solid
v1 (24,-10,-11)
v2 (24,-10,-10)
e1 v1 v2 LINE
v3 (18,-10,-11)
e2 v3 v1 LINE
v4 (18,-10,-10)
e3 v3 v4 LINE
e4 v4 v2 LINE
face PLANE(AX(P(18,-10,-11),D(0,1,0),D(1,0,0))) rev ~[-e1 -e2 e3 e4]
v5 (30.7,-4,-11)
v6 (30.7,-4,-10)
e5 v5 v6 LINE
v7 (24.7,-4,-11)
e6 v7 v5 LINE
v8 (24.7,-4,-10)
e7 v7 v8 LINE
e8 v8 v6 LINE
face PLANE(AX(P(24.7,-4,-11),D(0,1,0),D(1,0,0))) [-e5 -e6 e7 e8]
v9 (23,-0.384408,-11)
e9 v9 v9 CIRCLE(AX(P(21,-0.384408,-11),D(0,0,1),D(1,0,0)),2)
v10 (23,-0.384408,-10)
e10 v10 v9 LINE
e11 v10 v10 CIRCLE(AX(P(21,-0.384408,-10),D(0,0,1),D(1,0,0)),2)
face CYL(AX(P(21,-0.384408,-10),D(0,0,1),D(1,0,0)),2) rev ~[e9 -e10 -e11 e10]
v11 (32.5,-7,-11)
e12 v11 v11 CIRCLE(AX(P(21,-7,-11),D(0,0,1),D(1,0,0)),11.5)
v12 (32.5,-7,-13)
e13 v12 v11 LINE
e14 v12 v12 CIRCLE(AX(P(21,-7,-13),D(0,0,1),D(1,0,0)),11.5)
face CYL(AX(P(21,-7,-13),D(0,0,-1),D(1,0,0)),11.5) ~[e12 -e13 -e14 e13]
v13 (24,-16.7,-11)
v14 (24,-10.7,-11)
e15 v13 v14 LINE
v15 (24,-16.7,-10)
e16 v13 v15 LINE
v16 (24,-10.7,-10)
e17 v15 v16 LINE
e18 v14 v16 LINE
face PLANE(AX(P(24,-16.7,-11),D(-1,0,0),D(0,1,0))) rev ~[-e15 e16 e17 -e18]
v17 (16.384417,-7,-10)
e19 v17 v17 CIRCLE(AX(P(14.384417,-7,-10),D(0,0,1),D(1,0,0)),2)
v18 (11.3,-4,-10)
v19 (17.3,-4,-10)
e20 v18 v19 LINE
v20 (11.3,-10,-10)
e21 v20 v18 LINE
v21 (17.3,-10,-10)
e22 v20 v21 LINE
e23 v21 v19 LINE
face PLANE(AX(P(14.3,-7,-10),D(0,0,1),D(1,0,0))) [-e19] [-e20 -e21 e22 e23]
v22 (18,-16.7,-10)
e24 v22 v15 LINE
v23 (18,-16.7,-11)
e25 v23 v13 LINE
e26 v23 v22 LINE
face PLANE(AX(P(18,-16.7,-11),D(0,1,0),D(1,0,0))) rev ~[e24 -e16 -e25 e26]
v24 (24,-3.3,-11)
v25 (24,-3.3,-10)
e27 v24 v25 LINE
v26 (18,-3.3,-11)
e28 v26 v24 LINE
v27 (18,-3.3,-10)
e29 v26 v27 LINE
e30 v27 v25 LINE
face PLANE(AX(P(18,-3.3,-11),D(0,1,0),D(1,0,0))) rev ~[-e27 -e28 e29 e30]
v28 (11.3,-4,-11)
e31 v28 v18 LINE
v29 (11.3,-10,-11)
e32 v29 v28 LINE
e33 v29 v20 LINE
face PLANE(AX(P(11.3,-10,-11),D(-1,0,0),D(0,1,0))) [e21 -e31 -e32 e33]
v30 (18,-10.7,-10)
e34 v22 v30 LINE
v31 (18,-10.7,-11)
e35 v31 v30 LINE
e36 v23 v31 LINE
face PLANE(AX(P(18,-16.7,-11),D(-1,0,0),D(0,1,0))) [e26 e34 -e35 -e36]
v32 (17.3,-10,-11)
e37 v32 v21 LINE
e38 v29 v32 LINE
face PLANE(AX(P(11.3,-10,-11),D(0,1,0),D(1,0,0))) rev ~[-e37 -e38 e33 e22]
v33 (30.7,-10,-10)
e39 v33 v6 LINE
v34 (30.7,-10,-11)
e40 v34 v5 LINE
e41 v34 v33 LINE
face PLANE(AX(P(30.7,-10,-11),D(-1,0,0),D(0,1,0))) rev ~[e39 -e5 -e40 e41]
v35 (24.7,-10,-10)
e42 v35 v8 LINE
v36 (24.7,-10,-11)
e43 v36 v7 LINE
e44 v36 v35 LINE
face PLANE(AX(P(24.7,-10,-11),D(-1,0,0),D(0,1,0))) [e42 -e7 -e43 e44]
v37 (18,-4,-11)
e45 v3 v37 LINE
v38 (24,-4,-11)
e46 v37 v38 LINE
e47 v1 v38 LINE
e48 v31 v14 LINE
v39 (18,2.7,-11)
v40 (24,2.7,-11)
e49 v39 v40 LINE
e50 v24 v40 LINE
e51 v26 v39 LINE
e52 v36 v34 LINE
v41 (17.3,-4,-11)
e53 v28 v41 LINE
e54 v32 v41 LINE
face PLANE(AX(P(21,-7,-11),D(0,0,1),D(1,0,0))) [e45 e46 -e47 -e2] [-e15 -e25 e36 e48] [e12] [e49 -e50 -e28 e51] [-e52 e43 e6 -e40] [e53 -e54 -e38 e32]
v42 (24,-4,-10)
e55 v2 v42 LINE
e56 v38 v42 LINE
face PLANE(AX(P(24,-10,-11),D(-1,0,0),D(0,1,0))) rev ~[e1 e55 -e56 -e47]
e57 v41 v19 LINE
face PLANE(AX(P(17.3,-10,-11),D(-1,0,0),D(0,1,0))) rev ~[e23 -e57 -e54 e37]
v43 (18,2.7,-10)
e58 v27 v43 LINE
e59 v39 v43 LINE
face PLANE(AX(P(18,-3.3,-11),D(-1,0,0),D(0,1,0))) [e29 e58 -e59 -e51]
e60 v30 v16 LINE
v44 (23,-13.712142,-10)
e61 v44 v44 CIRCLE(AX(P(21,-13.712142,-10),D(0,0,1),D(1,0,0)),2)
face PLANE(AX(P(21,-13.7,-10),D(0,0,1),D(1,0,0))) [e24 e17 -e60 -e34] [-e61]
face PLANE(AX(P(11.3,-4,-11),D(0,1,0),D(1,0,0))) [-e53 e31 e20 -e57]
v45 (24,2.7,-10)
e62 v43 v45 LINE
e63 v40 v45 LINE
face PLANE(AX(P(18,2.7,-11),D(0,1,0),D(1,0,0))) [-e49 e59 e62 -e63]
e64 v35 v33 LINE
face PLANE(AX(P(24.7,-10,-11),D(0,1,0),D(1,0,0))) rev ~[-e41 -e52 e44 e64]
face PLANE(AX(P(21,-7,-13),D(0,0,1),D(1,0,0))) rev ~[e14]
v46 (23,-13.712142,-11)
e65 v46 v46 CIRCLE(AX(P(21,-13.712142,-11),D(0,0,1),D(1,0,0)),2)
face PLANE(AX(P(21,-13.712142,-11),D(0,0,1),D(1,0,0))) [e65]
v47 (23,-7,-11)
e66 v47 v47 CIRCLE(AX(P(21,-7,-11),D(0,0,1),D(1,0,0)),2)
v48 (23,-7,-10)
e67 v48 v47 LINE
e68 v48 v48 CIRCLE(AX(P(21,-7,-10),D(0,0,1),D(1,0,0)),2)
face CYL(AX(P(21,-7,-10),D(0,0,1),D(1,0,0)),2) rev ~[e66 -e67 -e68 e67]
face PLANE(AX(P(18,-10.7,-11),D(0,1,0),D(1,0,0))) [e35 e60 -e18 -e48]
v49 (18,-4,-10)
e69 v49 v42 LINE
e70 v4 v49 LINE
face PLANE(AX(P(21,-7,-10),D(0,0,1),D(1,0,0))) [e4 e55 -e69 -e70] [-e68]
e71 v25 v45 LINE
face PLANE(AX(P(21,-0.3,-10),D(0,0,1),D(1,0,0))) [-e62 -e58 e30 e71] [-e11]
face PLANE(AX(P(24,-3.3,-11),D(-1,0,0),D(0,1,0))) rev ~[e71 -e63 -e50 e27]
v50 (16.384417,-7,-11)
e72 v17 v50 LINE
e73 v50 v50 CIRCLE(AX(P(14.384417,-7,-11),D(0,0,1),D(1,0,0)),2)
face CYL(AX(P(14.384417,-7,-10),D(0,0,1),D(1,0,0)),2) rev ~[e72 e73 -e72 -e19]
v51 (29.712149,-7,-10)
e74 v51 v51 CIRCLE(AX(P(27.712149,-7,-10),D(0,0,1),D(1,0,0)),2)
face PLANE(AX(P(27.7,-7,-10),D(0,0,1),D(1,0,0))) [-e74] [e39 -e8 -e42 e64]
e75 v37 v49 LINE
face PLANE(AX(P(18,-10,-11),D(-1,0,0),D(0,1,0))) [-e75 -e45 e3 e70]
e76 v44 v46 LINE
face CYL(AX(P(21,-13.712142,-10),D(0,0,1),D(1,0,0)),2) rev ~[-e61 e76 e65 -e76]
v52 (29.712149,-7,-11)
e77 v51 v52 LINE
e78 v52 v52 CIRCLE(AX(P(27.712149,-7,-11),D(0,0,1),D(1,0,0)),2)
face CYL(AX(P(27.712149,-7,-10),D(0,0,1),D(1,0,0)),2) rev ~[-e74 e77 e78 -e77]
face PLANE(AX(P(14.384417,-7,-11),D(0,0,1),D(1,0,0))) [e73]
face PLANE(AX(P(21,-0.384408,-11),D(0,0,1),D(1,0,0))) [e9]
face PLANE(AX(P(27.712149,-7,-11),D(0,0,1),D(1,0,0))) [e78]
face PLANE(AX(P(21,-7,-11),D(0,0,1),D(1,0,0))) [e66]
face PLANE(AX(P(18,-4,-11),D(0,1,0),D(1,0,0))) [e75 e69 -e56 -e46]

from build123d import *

# Parameters (mm, degrees)
CYLINDER_R      = 11.5
CYLINDER_DEPTH  = 2
SKETCH002_W     = 6
SKETCH002_H     = 6
PAD001_DEPTH    = 1
SKETCH003_R     = 2
POCKET001_DEPTH = 1
SKETCH004_W     = 6
SKETCH004_H     = 6
PAD002_DEPTH    = 1
SKETCH005_R     = 2
POCKET002_DEPTH = 1


with BuildPart() as part:
    # Cylinder → Cylinder (new body)
    with BuildSketch(Plane.XY):
        Circle(CYLINDER_R)
    extrude(amount=CYLINDER_DEPTH)

    # Sketch002 → Pad001 (new body)
    with BuildSketch(Plane.XY.offset(2)):
        Rectangle(SKETCH002_W, SKETCH002_H)
    extrude(amount=PAD001_DEPTH)

    # Sketch003 → Pocket001 (cut)
    with BuildSketch(Plane.XY.offset(3)):
        Circle(SKETCH003_R)
    extrude(amount=-POCKET001_DEPTH, mode=Mode.SUBTRACT)

    # Sketch004 → Pad002 (new body)
    with BuildSketch(Plane.XY.offset(2)):
        with Locations((0, 6.7)):
            Rectangle(SKETCH004_W, SKETCH004_H)
        with Locations((-6.7, 0)):
            Rectangle(SKETCH004_W, SKETCH004_H)
        with Locations((0, -6.7)):
            Rectangle(SKETCH004_W, SKETCH004_H)
        with Locations((6.7, 0)):
            Rectangle(SKETCH004_W, SKETCH004_H)
    extrude(amount=PAD002_DEPTH)

    # Sketch005 → Pocket002 (cut)
    with BuildSketch(Plane.XY.offset(3)):
        with Locations((0, 6.615592)):
            Circle(SKETCH005_R)
        with Locations((-6.615583, 0)):
            Circle(SKETCH005_R)
        with Locations((6.712149, 0)):
            Circle(SKETCH005_R)
        with Locations((0, -6.712142)):
            Circle(SKETCH005_R)
    extrude(amount=-POCKET002_DEPTH, mode=Mode.SUBTRACT)


with BuildPart() as part_1:
    # Clone002 placement: moved
    add(part.part.moved(Location((21, -7, -13))))


solid = part_1.part
